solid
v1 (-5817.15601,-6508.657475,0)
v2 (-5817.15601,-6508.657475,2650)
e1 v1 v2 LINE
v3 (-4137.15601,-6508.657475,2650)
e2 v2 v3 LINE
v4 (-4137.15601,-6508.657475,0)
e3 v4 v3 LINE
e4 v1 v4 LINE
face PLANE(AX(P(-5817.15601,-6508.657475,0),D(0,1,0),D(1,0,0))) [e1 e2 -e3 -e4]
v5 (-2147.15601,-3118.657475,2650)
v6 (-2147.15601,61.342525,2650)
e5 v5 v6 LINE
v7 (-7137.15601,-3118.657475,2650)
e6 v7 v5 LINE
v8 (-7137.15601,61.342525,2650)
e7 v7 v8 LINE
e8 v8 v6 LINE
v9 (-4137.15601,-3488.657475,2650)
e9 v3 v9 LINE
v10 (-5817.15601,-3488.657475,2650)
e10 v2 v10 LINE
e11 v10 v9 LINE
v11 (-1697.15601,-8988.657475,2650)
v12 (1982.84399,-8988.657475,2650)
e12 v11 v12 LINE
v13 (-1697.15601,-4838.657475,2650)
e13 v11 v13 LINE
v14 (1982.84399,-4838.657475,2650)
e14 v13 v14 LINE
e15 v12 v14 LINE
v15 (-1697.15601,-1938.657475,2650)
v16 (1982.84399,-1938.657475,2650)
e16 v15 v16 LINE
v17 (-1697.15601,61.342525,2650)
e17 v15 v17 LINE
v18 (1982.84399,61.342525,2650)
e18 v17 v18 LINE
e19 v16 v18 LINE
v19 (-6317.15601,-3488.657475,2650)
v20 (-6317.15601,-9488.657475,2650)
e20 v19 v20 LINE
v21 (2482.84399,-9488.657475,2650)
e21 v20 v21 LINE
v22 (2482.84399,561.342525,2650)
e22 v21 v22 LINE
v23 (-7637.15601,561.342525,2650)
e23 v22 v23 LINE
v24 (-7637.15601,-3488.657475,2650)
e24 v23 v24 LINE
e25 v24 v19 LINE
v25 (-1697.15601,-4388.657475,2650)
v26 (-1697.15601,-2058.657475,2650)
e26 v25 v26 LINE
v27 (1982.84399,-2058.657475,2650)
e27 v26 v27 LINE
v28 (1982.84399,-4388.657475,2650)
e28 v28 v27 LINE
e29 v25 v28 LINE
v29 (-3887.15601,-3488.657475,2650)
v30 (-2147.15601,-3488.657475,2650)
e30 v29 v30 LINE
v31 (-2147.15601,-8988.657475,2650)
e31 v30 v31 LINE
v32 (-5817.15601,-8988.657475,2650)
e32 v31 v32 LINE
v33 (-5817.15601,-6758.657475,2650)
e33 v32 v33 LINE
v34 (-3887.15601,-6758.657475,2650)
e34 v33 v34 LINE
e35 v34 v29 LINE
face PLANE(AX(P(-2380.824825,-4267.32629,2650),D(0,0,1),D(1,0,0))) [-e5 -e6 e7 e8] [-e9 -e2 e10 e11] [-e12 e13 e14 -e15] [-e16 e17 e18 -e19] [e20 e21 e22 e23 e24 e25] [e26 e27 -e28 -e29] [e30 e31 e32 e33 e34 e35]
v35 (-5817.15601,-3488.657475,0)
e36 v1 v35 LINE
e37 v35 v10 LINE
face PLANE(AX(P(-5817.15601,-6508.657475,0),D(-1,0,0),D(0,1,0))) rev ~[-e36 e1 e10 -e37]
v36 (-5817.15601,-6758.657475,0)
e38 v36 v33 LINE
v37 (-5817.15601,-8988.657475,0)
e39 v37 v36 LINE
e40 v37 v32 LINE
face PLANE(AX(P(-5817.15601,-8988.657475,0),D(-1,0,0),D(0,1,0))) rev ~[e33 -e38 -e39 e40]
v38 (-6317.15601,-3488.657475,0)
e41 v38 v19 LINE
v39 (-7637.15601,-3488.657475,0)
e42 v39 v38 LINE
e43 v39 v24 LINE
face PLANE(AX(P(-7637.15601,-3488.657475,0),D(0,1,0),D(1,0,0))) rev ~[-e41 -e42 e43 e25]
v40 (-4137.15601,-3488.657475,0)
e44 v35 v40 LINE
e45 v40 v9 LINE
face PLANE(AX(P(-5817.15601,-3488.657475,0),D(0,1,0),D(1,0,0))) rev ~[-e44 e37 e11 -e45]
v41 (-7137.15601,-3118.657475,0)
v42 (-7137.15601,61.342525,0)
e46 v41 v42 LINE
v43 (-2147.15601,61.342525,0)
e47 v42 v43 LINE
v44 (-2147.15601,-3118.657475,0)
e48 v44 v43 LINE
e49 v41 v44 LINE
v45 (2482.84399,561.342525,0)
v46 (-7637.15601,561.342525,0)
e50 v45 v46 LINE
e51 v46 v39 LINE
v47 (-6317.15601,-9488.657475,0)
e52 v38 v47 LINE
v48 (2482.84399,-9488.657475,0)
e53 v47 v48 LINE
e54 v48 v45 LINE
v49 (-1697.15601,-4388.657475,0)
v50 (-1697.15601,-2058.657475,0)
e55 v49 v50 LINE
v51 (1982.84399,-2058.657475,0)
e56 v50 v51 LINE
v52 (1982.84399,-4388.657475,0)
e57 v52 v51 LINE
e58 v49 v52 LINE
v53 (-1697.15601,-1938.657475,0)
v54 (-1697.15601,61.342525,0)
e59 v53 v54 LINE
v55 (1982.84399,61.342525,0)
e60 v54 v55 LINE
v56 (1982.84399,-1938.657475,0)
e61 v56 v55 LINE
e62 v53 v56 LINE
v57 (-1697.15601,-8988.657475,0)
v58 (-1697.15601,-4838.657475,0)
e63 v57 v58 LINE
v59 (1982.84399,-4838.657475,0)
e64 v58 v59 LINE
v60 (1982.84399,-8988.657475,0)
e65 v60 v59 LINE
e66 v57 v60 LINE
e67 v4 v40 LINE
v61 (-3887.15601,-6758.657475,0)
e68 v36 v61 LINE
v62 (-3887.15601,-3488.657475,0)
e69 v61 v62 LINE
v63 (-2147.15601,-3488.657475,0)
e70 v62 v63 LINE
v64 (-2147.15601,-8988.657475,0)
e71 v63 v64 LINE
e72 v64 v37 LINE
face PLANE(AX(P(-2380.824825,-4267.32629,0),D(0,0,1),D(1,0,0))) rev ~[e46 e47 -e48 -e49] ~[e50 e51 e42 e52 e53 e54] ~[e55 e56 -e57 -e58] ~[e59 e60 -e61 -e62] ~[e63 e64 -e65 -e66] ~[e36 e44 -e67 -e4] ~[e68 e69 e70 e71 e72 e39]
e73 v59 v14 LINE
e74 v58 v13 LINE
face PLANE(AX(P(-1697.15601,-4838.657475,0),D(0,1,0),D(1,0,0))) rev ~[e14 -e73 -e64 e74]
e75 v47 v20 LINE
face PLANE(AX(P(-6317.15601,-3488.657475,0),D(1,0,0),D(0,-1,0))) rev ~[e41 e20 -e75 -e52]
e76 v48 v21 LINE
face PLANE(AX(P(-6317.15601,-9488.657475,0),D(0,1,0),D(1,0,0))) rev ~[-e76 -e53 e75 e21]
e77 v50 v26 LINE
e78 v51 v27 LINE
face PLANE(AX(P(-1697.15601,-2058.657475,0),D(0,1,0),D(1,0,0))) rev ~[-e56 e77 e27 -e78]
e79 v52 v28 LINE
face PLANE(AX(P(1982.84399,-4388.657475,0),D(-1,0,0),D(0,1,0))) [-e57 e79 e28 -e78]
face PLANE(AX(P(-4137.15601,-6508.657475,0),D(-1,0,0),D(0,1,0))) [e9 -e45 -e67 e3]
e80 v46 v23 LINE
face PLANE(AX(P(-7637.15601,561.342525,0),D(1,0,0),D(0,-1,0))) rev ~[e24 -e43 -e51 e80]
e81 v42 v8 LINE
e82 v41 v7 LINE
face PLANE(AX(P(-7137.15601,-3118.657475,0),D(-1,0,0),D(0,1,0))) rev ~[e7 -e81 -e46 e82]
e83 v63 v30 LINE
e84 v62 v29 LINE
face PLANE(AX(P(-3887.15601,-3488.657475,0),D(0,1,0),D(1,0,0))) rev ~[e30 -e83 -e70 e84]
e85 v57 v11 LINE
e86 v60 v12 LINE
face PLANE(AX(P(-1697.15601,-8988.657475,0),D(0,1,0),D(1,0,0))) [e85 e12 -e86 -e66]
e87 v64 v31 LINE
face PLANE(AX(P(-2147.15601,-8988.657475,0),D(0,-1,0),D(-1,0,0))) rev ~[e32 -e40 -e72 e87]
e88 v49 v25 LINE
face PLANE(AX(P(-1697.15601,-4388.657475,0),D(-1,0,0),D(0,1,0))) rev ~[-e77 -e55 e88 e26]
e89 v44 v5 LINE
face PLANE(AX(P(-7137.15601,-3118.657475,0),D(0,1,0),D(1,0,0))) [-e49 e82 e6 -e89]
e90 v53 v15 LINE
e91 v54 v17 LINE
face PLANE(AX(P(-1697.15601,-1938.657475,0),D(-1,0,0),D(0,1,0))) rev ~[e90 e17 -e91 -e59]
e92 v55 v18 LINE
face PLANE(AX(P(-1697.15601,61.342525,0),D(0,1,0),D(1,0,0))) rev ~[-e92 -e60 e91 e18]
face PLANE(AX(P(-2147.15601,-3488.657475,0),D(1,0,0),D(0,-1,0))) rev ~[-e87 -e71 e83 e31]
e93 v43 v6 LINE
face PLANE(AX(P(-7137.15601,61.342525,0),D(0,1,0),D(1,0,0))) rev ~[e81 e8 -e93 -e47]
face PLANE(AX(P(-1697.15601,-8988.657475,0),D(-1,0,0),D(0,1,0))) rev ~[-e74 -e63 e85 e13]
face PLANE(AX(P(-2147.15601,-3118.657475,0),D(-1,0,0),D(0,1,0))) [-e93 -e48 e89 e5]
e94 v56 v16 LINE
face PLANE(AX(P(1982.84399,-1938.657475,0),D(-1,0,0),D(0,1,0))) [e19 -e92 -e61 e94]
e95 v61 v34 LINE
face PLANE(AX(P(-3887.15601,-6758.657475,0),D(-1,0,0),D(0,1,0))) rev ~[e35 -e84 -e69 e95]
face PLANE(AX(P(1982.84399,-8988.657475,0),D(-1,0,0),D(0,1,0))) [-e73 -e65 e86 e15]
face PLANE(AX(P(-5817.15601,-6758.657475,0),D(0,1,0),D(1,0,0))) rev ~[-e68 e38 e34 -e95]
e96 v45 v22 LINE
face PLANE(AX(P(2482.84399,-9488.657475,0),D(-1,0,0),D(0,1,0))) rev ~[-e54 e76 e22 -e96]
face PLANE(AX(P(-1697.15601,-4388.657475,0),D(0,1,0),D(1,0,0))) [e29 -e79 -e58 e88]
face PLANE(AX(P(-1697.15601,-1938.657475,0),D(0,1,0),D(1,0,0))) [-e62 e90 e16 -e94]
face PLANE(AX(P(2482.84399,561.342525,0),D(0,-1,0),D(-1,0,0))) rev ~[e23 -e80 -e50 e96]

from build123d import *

# Parameters (mm, degrees)
F0_W     = 1680
F0_H     = 3020
F0_W_2   = 3680
F0_H_2   = 4150
F0_W_3   = 4990
F0_H_3   = 3180
F0_H_4   = 2330
F0_H_5   = 2000
F1_DEPTH = 2650


with BuildPart() as f1:
    # F0 (on Top) → F1 (new body)
    with BuildSketch(Plane.XY):
        Polygon((-6317.15601, -3488.657475), (-6317.15601, -9488.657475), (2482.84399, -9488.657475), (2482.84399, 561.342525), (-7637.15601, 561.342525), (-7637.15601, -3488.657475), align=None)
        Polygon((-2147.15601, -8988.657475), (-5817.15601, -8988.657475), (-5817.15601, -6758.657475), (-3887.15601, -6758.657475), (-3887.15601, -3488.657475), (-2147.15601, -3488.657475), align=None, mode=Mode.SUBTRACT)
        with Locations((-4977.15601, -4998.657475)):
            Rectangle(F0_W, F0_H, mode=Mode.SUBTRACT)
        with Locations((142.84399, -6913.657475)):
            Rectangle(F0_W_2, F0_H_2, mode=Mode.SUBTRACT)
        with Locations((-4642.15601, -1528.657475)):
            Rectangle(F0_W_3, F0_H_3, mode=Mode.SUBTRACT)
        with Locations((142.84399, -3223.657475)):
            Rectangle(F0_W_2, F0_H_4, mode=Mode.SUBTRACT)
        with Locations((142.84399, -938.657475)):
            Rectangle(F0_W_2, F0_H_5, mode=Mode.SUBTRACT)
    extrude(amount=F1_DEPTH)


solid = f1.part
